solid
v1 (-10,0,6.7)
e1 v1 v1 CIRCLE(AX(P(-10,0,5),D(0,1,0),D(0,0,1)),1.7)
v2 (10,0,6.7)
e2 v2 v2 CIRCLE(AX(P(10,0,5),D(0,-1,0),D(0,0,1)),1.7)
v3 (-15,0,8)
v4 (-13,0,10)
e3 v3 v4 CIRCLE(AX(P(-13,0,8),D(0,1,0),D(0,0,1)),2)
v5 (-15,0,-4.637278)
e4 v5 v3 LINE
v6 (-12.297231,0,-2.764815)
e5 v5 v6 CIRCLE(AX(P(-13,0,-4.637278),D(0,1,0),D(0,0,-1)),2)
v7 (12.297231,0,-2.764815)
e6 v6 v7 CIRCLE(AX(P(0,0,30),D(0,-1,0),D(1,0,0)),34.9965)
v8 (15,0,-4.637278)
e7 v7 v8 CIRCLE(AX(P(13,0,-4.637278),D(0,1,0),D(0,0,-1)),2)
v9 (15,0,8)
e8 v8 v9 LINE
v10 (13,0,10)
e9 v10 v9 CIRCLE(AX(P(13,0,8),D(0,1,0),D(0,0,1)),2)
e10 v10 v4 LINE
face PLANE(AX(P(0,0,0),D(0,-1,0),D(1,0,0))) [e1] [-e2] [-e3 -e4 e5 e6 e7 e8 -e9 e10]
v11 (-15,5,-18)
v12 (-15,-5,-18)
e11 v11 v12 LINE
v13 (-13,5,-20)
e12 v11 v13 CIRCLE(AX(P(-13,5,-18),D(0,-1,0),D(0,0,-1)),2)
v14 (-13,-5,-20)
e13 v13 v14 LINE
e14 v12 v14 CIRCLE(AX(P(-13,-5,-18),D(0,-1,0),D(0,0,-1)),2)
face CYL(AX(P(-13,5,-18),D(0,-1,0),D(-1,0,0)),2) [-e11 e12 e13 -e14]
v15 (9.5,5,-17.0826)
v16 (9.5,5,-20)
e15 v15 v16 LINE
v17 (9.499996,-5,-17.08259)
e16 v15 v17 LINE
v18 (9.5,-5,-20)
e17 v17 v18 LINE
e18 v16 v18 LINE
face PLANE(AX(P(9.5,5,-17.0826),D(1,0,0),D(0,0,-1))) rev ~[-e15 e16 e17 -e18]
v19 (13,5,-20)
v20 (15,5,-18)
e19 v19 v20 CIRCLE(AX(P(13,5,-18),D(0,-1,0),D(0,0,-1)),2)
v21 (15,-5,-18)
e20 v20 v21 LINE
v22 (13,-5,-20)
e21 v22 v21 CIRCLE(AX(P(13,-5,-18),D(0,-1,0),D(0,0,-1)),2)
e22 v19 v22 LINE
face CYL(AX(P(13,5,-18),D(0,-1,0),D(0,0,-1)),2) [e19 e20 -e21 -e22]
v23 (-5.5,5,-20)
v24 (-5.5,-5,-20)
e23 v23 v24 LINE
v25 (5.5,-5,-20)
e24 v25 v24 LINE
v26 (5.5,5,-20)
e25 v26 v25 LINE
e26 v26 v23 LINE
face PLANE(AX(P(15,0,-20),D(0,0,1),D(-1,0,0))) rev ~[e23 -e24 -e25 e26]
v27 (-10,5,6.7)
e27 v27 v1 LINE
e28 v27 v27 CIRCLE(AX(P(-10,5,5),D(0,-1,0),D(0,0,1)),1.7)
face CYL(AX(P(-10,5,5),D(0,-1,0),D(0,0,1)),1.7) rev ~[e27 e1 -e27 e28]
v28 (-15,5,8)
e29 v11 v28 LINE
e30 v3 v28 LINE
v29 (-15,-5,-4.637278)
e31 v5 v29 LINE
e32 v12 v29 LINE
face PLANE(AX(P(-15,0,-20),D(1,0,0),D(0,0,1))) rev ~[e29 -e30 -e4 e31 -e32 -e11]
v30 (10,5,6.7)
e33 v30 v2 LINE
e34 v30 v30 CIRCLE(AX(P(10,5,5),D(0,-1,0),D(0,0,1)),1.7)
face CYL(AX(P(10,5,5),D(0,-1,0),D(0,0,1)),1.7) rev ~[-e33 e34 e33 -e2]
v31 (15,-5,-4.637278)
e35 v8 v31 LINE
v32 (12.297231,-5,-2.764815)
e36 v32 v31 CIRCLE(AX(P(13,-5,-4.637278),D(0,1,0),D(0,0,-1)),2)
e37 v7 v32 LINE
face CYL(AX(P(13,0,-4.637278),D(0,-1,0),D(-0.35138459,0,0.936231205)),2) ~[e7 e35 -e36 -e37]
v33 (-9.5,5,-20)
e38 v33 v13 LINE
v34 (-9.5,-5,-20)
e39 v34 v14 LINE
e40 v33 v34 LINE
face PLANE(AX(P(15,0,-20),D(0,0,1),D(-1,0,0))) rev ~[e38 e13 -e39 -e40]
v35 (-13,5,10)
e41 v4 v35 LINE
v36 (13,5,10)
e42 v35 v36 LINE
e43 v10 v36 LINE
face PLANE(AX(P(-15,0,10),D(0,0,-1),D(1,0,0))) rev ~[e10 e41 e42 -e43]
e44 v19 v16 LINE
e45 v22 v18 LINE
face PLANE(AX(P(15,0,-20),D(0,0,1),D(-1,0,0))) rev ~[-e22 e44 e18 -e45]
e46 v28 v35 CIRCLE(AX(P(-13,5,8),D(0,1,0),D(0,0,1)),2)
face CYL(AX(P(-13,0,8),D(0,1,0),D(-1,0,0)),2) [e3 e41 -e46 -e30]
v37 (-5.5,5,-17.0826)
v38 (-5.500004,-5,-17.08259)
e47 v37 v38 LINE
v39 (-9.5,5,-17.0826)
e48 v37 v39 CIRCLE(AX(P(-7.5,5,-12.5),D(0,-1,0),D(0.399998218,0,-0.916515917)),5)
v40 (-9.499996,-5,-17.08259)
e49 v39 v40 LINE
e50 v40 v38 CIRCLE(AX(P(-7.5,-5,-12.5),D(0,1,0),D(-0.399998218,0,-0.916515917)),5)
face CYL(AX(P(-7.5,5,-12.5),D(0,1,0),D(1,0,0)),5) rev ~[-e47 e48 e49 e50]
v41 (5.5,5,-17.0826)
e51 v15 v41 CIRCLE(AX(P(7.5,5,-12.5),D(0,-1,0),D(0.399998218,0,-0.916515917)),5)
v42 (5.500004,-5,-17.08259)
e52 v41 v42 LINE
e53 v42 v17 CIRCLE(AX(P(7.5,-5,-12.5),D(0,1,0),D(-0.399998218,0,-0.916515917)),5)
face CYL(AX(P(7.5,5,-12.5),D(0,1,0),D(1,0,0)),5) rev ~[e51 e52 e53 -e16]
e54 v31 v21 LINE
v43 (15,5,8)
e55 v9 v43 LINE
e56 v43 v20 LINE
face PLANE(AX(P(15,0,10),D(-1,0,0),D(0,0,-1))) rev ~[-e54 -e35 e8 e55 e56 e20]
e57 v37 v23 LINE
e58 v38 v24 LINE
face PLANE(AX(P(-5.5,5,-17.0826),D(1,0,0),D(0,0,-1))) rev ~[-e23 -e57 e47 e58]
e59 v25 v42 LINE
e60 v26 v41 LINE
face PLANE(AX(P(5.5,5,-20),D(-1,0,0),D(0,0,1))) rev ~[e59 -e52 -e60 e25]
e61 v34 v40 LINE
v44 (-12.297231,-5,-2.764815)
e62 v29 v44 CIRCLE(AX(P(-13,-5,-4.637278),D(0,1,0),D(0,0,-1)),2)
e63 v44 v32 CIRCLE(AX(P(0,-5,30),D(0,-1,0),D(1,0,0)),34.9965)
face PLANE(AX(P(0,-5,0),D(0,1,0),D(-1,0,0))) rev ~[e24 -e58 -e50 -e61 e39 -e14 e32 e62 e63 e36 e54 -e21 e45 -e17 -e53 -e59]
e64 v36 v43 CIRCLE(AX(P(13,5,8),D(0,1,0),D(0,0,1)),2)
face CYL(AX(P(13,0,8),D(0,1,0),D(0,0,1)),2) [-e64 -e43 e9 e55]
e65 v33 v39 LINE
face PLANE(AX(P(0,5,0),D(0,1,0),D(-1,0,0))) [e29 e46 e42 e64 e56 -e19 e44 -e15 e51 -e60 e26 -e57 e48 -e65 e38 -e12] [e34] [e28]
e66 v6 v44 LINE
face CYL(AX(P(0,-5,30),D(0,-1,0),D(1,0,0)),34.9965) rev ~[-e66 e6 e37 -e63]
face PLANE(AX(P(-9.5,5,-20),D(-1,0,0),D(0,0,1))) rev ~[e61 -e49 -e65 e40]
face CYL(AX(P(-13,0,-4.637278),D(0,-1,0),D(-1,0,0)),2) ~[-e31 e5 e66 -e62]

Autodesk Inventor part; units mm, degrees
ref_plane "YZ Plane" through (0, 0, 0) normal (1, 0, 0) x (0, 1, 0)
ref_plane "XZ Plane" through (0, 0, 0) normal (0, 1, 0) x (-1, 0, 0)
ref_plane "XY Plane" through (0, 0, 0) normal (0, 0, 1) x (1, 0, 0)
sketch "スケッチ1" plane through (0, 0, 0) normal (0, 1, 0) x (-1, 0, 0)
  line L0 (15, 10) -> (-15, 10)
  line L1 (-15, 10) -> (-15, -20)
  line L2 (-15, -20) -> (15, -20)
  line L3 (15, -20) -> (15, 10)
  line L4 (15, 10) -> (-15, -20) construction
  line L5 (-15, 10) -> (15, -20) construction
  point P0 (0, 0)
  point P1 (0, -5)
  dimension "d0" = 30
  dimension "d15" = 10
  dimension "d16" = 20
extrude "押し出し1" add sketch "スケッチ1" along normal mid plane 10
sketch "スケッチ2" plane through (0, 5, 0) normal (0, 1, 0) x (1, 0, 0)
  line L0 (-15, -10) -> (15, -10) projected
  point P0 (0, 0)
  point P1 (-10, -5)
  point P2 (10, -5)
  dimension "d4" = 10
  dimension "d5" = 10
  dimension "d6" = 5
hole "穴1" at (-10, 5, 5) at (10, 5, 5) direction (0, -1, 0) diameter 3.4 end through all clearance for "Socket Head Cap Screw" size "M3" standard "Ansi Metric M Profile"
sketch "スケッチ3" plane through (0, -5, 0) normal (0, -1, 0) x (1, 0, 0)
  circle A0 centre (0, 30) radius 34.9965
  circle A1 centre (-10, 5) radius 1.7 projected
  point P0 (0, 0)
  dimension "d17" = 25
  dimension "d18" = 69.993
extrude "押し出し2" cut sketch "スケッチ3" against normal blind 5
fillet "フィレット1" radius 2 2 edges at (15, -2.5, -1.6189) (-15, -2.5, -1.6189)
fillet "フィレット2" radius 2 2 edges at (15, 2.5, 10) (-15, 2.5, 10)
fillet "フィレット3" radius 2 2 edges at (15, 0, -20) (-15, 0, -20)
sketch "スケッチ4" plane through (0, 5, 0) normal (0, 1, 0) x (1, 0, 0)
  circle A0 centre (-7.5, 12.5) radius 5
  circle A1 centre (7.5, 12.5) radius 5
  line L0 (13, 20) -> (-13, 20) projected
  line L1 (-15, 18) -> (-15, -8) projected
  line L2 (15, -8) -> (15, 18) projected
  point P0 (0, 0)
  dimension "d26" = 10
  dimension "d27" = 10
  dimension "d28" = 7.5
  dimension "d29" = 7.5
  dimension "d30" = 7.5
  dimension "d31" = 7.5
extrude "押し出し3" cut sketch "スケッチ4" against normal through all
sketch "スケッチ5" plane through (0, 5, 0) normal (0, 1, 0) x (1, 0, 0)
  circle A0 centre (-7.5, 12.5) radius 5 projected
  circle A1 centre (7.5, 12.5) radius 5 projected
  line L0 (-9.5, 17.0826) -> (-5.5, 17.0826)
  line L1 (-5.5, 17.0826) -> (-5.5, 20)
  line L2 (-5.5, 20) -> (-9.5, 20)
  line L3 (-9.5, 20) -> (-9.5, 17.0826)
  line L4 (-9.5, 17.0826) -> (-5.5, 20) construction
  line L5 (-5.5, 17.0826) -> (-9.5, 20) construction
  line L6 (5.5, 17.0826) -> (9.5, 17.0826)
  line L7 (9.5, 17.0826) -> (9.5, 20)
  line L8 (9.5, 20) -> (5.5, 20)
  line L9 (5.5, 20) -> (5.5, 17.0826)
  line L10 (5.5, 17.0826) -> (9.5, 20) construction
  line L11 (9.5, 17.0826) -> (5.5, 20) construction
  line L12 (13, 20) -> (-13, 20) projected
  point P0 (0, 0)
  point P1 (-7.5, 18.5413)
  point P2 (7.5, 18.5413)
  point P3 (-7.5, 18.5413)
  point P4 (7.5, 18.5413)
  dimension "d34" = 4
  dimension "d35" = 4
extrude "押し出し4" cut sketch "スケッチ5" against normal through all contours L8 L7 A1 L9 | L0 A0 | A0 L3 L2 L1 | A1 L6 picked at (-7.8405, 17.1866) picked at (7.1595, 17.1866)
equation "\"d29\" = d28"
equation "\"d30\" = d28"
equation "\"d31\" = d29"
equation "\"d35\" = d34"
properties part number "scara-base11" material "ABS プラスチック"
